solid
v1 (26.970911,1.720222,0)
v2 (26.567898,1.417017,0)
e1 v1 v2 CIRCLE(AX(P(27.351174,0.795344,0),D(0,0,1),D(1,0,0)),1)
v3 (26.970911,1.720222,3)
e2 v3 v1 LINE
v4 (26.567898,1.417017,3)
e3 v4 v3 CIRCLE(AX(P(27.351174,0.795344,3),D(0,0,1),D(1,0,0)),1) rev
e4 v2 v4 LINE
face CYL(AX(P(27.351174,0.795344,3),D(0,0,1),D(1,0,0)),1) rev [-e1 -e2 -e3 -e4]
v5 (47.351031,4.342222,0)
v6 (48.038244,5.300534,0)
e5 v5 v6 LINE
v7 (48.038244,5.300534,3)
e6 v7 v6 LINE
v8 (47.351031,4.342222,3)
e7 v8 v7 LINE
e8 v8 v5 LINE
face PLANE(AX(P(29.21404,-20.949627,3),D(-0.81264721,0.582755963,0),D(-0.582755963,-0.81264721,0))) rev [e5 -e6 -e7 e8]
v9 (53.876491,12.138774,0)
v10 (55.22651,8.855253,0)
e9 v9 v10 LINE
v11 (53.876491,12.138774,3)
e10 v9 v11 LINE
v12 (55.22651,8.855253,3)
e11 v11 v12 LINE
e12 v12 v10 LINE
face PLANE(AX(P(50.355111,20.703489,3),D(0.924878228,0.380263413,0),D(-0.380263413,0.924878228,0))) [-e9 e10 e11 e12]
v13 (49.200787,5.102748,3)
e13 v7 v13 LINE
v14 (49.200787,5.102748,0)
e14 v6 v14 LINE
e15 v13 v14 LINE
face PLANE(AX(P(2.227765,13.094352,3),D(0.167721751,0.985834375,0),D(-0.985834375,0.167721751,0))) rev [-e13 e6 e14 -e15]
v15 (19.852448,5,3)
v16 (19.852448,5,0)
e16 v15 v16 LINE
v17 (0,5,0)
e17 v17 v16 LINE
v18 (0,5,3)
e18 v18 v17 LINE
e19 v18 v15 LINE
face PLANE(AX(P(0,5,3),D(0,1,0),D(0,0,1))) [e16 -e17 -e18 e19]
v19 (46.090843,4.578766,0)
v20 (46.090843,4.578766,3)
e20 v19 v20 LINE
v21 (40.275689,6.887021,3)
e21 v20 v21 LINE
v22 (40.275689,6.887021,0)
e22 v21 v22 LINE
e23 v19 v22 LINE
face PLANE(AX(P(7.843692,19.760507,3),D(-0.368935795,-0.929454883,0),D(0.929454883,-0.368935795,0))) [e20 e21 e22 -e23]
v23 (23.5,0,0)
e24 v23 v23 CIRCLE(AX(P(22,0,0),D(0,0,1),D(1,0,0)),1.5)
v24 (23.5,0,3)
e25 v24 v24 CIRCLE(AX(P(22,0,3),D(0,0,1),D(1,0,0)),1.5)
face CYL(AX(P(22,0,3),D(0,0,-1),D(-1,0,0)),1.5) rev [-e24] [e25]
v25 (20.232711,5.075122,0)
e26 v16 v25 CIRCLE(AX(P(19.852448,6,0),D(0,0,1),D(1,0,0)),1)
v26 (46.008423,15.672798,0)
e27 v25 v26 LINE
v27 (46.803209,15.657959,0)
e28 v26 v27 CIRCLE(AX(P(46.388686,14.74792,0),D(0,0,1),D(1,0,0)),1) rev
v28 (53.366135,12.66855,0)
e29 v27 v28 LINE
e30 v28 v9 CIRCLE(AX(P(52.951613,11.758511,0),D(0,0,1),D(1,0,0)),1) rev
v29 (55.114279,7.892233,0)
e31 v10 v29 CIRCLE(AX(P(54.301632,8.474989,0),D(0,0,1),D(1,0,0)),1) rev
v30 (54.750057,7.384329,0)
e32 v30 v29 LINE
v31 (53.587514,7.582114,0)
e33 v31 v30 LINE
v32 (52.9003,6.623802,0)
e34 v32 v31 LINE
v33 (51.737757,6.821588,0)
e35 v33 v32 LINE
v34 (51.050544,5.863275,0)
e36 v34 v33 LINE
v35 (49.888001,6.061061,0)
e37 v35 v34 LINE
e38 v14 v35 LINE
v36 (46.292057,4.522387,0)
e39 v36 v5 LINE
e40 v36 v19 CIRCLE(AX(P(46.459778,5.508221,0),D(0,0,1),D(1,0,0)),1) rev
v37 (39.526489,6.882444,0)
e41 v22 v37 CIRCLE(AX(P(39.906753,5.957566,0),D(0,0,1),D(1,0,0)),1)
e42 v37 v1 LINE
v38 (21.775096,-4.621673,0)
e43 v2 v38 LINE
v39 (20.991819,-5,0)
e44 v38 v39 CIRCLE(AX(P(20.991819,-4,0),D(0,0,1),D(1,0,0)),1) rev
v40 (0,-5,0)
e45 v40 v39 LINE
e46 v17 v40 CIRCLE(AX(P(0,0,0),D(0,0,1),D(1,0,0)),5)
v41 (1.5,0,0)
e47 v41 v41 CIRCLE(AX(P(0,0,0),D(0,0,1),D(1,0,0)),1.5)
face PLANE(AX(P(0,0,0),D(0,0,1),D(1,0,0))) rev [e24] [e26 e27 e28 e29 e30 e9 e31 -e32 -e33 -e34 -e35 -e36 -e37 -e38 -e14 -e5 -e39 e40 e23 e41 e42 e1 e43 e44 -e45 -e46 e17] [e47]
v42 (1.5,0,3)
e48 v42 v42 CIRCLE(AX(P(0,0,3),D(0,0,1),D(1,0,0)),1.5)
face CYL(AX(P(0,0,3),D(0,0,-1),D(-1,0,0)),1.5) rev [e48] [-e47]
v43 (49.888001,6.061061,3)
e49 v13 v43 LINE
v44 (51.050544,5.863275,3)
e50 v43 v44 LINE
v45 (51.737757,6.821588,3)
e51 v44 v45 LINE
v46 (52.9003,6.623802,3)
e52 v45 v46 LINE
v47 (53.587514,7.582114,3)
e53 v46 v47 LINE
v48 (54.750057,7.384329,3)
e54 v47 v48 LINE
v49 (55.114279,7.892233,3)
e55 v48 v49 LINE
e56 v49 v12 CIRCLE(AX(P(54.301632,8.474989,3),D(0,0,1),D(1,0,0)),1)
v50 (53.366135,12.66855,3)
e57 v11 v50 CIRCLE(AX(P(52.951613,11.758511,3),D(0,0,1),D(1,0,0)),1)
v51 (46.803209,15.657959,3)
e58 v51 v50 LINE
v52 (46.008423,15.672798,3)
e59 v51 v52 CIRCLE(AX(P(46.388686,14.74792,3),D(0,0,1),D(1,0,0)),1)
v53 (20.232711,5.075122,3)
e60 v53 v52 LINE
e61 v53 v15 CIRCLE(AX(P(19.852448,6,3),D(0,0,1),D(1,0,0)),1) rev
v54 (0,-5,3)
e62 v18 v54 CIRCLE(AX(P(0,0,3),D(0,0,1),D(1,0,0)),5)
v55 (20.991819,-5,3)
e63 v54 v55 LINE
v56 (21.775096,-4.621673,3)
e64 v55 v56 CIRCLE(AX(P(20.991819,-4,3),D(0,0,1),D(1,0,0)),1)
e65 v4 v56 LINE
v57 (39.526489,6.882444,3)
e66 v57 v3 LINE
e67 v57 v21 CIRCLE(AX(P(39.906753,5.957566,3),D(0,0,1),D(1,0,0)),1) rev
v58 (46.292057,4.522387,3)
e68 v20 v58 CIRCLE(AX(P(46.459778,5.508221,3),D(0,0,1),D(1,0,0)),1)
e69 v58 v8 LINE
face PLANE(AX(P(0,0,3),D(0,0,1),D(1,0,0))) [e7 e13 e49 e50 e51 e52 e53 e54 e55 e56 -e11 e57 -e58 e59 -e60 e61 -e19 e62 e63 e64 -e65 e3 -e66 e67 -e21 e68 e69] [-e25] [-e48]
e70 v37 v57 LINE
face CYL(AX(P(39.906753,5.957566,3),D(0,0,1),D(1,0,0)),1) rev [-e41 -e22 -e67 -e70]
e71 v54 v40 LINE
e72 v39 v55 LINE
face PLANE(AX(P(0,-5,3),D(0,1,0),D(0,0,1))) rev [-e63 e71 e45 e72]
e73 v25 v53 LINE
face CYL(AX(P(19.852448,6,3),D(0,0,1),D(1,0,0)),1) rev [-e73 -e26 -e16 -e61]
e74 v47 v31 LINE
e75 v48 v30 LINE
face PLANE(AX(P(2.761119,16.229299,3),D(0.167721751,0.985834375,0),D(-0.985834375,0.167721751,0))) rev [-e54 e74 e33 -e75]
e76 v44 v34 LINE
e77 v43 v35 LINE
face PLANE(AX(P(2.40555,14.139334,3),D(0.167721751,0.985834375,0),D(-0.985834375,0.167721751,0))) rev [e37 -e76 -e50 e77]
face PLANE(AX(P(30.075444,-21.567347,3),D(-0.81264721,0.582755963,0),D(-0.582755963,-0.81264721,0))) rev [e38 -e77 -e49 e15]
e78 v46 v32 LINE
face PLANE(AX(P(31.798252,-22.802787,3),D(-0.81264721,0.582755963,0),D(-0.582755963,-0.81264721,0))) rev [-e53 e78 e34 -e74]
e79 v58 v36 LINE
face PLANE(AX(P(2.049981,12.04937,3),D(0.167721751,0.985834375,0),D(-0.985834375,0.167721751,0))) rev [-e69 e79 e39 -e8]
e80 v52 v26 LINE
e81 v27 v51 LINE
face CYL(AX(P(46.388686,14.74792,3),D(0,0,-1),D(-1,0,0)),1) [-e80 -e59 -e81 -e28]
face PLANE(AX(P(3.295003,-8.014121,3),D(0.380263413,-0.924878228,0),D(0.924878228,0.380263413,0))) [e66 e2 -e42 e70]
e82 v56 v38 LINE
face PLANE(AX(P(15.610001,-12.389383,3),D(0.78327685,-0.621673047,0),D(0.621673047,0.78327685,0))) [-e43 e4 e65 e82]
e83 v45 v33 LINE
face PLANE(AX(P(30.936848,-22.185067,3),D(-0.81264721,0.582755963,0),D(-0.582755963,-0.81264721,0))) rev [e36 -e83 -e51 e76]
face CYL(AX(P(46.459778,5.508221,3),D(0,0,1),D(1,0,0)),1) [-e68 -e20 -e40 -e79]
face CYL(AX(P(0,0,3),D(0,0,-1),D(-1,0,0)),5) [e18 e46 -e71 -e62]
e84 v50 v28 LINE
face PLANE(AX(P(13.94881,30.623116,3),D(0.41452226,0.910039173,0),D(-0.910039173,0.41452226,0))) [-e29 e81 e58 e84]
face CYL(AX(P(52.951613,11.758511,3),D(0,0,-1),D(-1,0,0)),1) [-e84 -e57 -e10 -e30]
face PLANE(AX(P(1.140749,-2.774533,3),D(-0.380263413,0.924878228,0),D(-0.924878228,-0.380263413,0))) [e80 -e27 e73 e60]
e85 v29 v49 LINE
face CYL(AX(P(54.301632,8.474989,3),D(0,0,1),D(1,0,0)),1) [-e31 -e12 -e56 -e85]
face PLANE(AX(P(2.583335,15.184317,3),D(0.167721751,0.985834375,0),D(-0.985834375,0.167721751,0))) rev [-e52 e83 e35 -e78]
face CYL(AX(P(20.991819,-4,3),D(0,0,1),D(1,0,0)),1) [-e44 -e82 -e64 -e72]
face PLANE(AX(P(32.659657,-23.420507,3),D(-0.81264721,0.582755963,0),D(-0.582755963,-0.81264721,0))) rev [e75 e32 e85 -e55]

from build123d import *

# Parameters (mm, degrees)
SKETCH1_R           = 1.5
BOSS_EXTRUDE1_DEPTH = 3
FILLET1_R           = 1


with BuildPart() as part:
    # Sketch1 → Boss-Extrude1 (new body)
    with BuildSketch(Plane.XY):
        with BuildLine():
            Line((20.05, 5), (0, 5))
            ThreePointArc((0, 5), (-5, 0), (0, -5))
            Line((0, -5), (21.474824475, -5))
            Line((21.474824475, -5), (26.72989842, 1.621129525))
            Line((26.72989842, 1.621129525), (39.900164389, 7.036080522))
            Line((39.900164389, 7.036080522), (46.188488025, 4.540007042))
            Line((46.188488025, 4.540007042), (47.351030887, 4.342221563))
            Line((47.351030887, 4.342221563), (48.038244482, 5.300533868))
            Line((48.038244482, 5.300533868), (49.200787343, 5.102748388))
            Line((49.200787343, 5.102748388), (49.888000938, 6.061060693))
            Line((49.888000938, 6.061060693), (51.050543799, 5.863275214))
            Line((51.050543799, 5.863275214), (51.737757394, 6.821587519))
            Line((51.737757394, 6.821587519), (52.900300256, 6.623802039))
            Line((52.900300256, 6.623802039), (53.587513851, 7.582114344))
            Line((53.587513851, 7.582114344), (54.750056712, 7.384328864))
            Line((54.750056712, 7.384328864), (55.437270307, 8.34264117))
            Line((55.437270307, 8.34264117), (53.72608495, 12.504593197))
            Line((53.72608495, 12.504593197), (46.409029503, 15.837507263))
            Line((46.409029503, 15.837507263), (20.05, 5))
        make_face()
        Circle(SKETCH1_R, mode=Mode.SUBTRACT)
        with Locations((22, 0)):
            Circle(SKETCH1_R, mode=Mode.SUBTRACT)
    extrude(amount=BOSS_EXTRUDE1_DEPTH)

    # Fillet1
    fillet1_edges = [part.edges().sort_by_distance(p)[0] for p in [
        (21.474824475, -5, 1.5),
        (20.05, 5, 1.5),
        (46.409029503, 15.837507263, 1.5),
        (53.72608495, 12.504593197, 1.5),
        (55.437270307, 8.34264117, 1.5),
        (46.188488025, 4.540007042, 1.5),
        (39.900164389, 7.036080522, 1.5),
        (26.72989842, 1.621129525, 1.5),
    ]]
    fillet(fillet1_edges, radius=FILLET1_R)


solid = part.part
